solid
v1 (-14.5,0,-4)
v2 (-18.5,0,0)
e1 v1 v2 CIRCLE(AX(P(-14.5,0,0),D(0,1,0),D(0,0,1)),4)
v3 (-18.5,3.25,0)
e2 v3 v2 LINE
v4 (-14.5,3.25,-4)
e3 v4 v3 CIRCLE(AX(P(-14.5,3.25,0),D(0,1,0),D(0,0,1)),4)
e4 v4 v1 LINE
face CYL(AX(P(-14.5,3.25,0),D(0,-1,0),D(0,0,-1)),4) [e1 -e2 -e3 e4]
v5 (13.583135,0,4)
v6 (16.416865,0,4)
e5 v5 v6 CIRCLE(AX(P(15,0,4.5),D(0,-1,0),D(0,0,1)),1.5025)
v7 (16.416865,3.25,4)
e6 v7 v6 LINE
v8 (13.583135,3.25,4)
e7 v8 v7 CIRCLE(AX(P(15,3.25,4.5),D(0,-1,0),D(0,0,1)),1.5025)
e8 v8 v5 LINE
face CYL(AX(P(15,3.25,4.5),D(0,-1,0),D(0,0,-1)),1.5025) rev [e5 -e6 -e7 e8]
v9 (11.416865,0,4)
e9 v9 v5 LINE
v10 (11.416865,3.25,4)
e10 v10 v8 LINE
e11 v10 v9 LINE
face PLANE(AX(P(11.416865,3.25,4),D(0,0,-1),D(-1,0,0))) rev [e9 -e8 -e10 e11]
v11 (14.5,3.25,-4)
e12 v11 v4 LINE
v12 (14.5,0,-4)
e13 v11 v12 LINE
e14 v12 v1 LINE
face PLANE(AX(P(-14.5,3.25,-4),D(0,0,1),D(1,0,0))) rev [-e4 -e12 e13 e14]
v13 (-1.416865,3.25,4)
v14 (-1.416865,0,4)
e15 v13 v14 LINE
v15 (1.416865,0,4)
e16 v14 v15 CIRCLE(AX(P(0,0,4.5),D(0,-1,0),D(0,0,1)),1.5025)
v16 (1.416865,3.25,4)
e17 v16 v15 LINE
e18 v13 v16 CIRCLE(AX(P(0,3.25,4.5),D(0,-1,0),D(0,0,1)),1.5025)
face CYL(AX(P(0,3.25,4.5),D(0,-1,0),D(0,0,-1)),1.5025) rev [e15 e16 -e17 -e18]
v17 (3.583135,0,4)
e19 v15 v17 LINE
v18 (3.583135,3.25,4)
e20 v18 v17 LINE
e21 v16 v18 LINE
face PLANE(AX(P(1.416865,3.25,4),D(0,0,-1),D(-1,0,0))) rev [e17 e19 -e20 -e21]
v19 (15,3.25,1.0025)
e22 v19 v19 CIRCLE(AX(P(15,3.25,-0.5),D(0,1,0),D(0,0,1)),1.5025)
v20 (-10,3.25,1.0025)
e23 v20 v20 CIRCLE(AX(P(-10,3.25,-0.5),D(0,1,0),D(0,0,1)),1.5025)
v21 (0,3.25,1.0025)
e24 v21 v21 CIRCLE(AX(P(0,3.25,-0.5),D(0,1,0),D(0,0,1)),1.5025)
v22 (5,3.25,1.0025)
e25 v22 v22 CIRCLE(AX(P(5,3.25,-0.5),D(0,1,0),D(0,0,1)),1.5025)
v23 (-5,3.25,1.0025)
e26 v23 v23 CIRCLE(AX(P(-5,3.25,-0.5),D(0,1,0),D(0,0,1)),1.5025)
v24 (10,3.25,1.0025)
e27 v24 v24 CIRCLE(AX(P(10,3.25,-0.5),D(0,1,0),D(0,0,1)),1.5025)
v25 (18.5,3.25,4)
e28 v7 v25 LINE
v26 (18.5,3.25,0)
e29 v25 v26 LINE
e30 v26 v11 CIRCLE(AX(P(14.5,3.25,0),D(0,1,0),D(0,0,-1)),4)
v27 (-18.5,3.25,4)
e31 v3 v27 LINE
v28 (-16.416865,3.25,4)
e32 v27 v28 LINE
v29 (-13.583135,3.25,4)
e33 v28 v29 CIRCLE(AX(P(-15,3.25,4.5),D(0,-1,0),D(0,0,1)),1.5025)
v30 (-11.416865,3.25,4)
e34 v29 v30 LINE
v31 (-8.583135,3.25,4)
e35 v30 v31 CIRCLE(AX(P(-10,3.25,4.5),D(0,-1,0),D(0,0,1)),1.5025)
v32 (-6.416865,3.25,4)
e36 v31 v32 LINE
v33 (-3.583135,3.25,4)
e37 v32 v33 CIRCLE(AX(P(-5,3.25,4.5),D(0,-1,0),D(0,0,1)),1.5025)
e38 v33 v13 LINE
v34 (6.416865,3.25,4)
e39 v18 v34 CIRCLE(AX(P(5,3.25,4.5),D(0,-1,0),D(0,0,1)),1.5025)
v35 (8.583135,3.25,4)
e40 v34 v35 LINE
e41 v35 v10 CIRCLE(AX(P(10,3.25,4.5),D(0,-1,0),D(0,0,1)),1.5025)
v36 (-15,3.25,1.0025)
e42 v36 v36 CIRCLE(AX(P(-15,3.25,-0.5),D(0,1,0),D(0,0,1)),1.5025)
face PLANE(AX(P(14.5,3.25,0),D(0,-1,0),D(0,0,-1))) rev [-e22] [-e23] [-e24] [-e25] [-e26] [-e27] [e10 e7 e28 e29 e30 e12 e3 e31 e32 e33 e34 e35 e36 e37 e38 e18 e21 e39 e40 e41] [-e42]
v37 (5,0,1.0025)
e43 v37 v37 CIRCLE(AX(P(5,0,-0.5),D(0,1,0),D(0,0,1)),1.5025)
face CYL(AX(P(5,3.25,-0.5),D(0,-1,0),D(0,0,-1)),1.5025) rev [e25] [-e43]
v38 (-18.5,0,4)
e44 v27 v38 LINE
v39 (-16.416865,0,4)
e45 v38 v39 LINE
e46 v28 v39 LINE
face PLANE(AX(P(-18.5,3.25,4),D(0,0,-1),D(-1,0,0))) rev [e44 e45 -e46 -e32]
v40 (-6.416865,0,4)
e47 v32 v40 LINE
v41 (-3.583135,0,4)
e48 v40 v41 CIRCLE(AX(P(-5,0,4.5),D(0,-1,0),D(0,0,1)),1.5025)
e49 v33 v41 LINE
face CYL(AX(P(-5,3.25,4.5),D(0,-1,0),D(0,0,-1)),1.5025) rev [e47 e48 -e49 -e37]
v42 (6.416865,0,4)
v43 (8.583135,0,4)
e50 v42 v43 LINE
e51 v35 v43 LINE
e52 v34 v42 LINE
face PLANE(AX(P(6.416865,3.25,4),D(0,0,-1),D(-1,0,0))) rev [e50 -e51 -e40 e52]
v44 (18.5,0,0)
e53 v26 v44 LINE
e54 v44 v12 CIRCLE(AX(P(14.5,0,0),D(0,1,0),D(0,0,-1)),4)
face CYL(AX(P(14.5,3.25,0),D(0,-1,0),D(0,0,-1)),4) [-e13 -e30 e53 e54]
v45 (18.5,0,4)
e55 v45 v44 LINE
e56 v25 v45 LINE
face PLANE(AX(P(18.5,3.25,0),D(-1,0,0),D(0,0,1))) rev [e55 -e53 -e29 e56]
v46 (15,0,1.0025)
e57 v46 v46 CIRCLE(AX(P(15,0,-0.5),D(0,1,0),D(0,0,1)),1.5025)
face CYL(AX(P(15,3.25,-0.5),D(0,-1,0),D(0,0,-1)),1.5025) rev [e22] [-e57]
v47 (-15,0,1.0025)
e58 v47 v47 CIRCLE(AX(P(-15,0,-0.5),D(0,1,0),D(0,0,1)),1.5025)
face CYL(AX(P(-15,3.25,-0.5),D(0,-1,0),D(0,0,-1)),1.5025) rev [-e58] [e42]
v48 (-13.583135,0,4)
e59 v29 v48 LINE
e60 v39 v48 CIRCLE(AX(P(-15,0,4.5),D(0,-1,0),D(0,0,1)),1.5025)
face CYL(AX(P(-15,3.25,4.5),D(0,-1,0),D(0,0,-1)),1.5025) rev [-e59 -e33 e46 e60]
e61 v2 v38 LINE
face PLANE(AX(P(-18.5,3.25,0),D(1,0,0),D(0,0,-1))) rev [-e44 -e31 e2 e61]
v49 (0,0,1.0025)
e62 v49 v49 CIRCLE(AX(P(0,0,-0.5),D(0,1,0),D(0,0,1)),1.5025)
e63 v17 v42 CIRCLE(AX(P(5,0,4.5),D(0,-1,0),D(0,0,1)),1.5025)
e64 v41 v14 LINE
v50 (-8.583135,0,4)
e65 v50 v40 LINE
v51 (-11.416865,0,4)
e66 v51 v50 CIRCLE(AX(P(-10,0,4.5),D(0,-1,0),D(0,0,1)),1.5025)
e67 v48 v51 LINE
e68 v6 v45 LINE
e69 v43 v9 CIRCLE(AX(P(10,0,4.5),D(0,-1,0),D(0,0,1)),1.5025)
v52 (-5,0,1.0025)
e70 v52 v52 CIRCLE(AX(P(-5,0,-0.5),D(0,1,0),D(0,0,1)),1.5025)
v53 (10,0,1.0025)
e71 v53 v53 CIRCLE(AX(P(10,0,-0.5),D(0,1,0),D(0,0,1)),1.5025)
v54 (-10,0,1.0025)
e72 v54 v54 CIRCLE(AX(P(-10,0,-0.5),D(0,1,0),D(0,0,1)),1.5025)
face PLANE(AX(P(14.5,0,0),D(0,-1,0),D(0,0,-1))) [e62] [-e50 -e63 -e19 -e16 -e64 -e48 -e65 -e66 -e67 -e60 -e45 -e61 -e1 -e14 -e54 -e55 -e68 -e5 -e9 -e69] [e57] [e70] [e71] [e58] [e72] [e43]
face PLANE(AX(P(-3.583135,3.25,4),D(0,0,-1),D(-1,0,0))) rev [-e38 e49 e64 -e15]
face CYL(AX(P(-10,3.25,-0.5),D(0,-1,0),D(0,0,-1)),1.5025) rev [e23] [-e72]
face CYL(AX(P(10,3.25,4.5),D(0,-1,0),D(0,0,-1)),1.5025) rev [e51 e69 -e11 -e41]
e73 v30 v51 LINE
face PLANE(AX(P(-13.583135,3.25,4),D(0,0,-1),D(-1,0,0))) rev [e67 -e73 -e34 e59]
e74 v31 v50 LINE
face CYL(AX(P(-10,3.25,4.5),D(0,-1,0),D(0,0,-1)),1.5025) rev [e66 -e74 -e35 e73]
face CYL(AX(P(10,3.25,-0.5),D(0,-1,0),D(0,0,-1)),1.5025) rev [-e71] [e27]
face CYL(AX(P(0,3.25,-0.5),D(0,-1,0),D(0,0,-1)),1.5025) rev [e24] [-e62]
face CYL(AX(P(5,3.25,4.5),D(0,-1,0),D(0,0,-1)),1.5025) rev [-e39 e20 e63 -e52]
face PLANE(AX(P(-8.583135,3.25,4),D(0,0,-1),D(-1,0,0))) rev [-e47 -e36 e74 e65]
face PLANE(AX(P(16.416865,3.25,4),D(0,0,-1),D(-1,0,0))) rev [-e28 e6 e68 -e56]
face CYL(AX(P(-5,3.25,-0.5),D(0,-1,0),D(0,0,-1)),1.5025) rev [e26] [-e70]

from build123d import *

# Parameters (mm, degrees)
SKETCH1_R           = 1.5025
BOSS_EXTRUDE1_DEPTH = 3.25


with BuildPart() as part:
    # Sketch1 → Boss-Extrude1 (new body)
    with BuildSketch(Plane(origin=(0, 0, 0), x_dir=(1, 0, 0), z_dir=(0, 1, 0))):
        with BuildLine():
            Line((-14.5, 4), (14.5, 4))
            ThreePointArc((14.5, 4), (17.328427125, 2.828427125), (18.5, 0))
            Line((18.5, 0), (18.5, -4))
            Line((18.5, -4), (16.416864937, -4))
            ThreePointArc((16.416864937, -4), (15, -2.9975), (13.583135063, -4))
            Line((13.583135063, -4), (11.416864937, -4))
            ThreePointArc((11.416864937, -4), (10, -2.9975), (8.583135063, -4))
            Line((8.583135063, -4), (6.416864937, -4))
            ThreePointArc((6.416864937, -4), (5, -2.9975), (3.583135063, -4))
            Line((3.583135063, -4), (1.416864937, -4))
            ThreePointArc((1.416864937, -4), (0, -2.9975), (-1.416864937, -4))
            Line((-1.416864937, -4), (-3.583135063, -4))
            ThreePointArc((-3.583135063, -4), (-5, -2.9975), (-6.416864937, -4))
            Line((-6.416864937, -4), (-8.583135063, -4))
            ThreePointArc((-8.583135063, -4), (-10, -2.9975), (-11.416864937, -4))
            Line((-11.416864937, -4), (-13.583135063, -4))
            ThreePointArc((-13.583135063, -4), (-15, -2.9975), (-16.416864937, -4))
            Line((-16.416864937, -4), (-18.5, -4))
            Line((-18.5, -4), (-18.5, 0))
            ThreePointArc((-18.5, 0), (-17.328427125, 2.828427125), (-14.5, 4))
        make_face()
        with Locations((-15, 0.5)):
            Circle(SKETCH1_R, mode=Mode.SUBTRACT)
        with Locations((-10, 0.5)):
            Circle(SKETCH1_R, mode=Mode.SUBTRACT)
        with Locations((-5, 0.5)):
            Circle(SKETCH1_R, mode=Mode.SUBTRACT)
        with Locations((0, 0.5)):
            Circle(SKETCH1_R, mode=Mode.SUBTRACT)
        with Locations((5, 0.5)):
            Circle(SKETCH1_R, mode=Mode.SUBTRACT)
        with Locations((10, 0.5)):
            Circle(SKETCH1_R, mode=Mode.SUBTRACT)
        with Locations((15, 0.5)):
            Circle(SKETCH1_R, mode=Mode.SUBTRACT)
    extrude(amount=BOSS_EXTRUDE1_DEPTH)


solid = part.part
